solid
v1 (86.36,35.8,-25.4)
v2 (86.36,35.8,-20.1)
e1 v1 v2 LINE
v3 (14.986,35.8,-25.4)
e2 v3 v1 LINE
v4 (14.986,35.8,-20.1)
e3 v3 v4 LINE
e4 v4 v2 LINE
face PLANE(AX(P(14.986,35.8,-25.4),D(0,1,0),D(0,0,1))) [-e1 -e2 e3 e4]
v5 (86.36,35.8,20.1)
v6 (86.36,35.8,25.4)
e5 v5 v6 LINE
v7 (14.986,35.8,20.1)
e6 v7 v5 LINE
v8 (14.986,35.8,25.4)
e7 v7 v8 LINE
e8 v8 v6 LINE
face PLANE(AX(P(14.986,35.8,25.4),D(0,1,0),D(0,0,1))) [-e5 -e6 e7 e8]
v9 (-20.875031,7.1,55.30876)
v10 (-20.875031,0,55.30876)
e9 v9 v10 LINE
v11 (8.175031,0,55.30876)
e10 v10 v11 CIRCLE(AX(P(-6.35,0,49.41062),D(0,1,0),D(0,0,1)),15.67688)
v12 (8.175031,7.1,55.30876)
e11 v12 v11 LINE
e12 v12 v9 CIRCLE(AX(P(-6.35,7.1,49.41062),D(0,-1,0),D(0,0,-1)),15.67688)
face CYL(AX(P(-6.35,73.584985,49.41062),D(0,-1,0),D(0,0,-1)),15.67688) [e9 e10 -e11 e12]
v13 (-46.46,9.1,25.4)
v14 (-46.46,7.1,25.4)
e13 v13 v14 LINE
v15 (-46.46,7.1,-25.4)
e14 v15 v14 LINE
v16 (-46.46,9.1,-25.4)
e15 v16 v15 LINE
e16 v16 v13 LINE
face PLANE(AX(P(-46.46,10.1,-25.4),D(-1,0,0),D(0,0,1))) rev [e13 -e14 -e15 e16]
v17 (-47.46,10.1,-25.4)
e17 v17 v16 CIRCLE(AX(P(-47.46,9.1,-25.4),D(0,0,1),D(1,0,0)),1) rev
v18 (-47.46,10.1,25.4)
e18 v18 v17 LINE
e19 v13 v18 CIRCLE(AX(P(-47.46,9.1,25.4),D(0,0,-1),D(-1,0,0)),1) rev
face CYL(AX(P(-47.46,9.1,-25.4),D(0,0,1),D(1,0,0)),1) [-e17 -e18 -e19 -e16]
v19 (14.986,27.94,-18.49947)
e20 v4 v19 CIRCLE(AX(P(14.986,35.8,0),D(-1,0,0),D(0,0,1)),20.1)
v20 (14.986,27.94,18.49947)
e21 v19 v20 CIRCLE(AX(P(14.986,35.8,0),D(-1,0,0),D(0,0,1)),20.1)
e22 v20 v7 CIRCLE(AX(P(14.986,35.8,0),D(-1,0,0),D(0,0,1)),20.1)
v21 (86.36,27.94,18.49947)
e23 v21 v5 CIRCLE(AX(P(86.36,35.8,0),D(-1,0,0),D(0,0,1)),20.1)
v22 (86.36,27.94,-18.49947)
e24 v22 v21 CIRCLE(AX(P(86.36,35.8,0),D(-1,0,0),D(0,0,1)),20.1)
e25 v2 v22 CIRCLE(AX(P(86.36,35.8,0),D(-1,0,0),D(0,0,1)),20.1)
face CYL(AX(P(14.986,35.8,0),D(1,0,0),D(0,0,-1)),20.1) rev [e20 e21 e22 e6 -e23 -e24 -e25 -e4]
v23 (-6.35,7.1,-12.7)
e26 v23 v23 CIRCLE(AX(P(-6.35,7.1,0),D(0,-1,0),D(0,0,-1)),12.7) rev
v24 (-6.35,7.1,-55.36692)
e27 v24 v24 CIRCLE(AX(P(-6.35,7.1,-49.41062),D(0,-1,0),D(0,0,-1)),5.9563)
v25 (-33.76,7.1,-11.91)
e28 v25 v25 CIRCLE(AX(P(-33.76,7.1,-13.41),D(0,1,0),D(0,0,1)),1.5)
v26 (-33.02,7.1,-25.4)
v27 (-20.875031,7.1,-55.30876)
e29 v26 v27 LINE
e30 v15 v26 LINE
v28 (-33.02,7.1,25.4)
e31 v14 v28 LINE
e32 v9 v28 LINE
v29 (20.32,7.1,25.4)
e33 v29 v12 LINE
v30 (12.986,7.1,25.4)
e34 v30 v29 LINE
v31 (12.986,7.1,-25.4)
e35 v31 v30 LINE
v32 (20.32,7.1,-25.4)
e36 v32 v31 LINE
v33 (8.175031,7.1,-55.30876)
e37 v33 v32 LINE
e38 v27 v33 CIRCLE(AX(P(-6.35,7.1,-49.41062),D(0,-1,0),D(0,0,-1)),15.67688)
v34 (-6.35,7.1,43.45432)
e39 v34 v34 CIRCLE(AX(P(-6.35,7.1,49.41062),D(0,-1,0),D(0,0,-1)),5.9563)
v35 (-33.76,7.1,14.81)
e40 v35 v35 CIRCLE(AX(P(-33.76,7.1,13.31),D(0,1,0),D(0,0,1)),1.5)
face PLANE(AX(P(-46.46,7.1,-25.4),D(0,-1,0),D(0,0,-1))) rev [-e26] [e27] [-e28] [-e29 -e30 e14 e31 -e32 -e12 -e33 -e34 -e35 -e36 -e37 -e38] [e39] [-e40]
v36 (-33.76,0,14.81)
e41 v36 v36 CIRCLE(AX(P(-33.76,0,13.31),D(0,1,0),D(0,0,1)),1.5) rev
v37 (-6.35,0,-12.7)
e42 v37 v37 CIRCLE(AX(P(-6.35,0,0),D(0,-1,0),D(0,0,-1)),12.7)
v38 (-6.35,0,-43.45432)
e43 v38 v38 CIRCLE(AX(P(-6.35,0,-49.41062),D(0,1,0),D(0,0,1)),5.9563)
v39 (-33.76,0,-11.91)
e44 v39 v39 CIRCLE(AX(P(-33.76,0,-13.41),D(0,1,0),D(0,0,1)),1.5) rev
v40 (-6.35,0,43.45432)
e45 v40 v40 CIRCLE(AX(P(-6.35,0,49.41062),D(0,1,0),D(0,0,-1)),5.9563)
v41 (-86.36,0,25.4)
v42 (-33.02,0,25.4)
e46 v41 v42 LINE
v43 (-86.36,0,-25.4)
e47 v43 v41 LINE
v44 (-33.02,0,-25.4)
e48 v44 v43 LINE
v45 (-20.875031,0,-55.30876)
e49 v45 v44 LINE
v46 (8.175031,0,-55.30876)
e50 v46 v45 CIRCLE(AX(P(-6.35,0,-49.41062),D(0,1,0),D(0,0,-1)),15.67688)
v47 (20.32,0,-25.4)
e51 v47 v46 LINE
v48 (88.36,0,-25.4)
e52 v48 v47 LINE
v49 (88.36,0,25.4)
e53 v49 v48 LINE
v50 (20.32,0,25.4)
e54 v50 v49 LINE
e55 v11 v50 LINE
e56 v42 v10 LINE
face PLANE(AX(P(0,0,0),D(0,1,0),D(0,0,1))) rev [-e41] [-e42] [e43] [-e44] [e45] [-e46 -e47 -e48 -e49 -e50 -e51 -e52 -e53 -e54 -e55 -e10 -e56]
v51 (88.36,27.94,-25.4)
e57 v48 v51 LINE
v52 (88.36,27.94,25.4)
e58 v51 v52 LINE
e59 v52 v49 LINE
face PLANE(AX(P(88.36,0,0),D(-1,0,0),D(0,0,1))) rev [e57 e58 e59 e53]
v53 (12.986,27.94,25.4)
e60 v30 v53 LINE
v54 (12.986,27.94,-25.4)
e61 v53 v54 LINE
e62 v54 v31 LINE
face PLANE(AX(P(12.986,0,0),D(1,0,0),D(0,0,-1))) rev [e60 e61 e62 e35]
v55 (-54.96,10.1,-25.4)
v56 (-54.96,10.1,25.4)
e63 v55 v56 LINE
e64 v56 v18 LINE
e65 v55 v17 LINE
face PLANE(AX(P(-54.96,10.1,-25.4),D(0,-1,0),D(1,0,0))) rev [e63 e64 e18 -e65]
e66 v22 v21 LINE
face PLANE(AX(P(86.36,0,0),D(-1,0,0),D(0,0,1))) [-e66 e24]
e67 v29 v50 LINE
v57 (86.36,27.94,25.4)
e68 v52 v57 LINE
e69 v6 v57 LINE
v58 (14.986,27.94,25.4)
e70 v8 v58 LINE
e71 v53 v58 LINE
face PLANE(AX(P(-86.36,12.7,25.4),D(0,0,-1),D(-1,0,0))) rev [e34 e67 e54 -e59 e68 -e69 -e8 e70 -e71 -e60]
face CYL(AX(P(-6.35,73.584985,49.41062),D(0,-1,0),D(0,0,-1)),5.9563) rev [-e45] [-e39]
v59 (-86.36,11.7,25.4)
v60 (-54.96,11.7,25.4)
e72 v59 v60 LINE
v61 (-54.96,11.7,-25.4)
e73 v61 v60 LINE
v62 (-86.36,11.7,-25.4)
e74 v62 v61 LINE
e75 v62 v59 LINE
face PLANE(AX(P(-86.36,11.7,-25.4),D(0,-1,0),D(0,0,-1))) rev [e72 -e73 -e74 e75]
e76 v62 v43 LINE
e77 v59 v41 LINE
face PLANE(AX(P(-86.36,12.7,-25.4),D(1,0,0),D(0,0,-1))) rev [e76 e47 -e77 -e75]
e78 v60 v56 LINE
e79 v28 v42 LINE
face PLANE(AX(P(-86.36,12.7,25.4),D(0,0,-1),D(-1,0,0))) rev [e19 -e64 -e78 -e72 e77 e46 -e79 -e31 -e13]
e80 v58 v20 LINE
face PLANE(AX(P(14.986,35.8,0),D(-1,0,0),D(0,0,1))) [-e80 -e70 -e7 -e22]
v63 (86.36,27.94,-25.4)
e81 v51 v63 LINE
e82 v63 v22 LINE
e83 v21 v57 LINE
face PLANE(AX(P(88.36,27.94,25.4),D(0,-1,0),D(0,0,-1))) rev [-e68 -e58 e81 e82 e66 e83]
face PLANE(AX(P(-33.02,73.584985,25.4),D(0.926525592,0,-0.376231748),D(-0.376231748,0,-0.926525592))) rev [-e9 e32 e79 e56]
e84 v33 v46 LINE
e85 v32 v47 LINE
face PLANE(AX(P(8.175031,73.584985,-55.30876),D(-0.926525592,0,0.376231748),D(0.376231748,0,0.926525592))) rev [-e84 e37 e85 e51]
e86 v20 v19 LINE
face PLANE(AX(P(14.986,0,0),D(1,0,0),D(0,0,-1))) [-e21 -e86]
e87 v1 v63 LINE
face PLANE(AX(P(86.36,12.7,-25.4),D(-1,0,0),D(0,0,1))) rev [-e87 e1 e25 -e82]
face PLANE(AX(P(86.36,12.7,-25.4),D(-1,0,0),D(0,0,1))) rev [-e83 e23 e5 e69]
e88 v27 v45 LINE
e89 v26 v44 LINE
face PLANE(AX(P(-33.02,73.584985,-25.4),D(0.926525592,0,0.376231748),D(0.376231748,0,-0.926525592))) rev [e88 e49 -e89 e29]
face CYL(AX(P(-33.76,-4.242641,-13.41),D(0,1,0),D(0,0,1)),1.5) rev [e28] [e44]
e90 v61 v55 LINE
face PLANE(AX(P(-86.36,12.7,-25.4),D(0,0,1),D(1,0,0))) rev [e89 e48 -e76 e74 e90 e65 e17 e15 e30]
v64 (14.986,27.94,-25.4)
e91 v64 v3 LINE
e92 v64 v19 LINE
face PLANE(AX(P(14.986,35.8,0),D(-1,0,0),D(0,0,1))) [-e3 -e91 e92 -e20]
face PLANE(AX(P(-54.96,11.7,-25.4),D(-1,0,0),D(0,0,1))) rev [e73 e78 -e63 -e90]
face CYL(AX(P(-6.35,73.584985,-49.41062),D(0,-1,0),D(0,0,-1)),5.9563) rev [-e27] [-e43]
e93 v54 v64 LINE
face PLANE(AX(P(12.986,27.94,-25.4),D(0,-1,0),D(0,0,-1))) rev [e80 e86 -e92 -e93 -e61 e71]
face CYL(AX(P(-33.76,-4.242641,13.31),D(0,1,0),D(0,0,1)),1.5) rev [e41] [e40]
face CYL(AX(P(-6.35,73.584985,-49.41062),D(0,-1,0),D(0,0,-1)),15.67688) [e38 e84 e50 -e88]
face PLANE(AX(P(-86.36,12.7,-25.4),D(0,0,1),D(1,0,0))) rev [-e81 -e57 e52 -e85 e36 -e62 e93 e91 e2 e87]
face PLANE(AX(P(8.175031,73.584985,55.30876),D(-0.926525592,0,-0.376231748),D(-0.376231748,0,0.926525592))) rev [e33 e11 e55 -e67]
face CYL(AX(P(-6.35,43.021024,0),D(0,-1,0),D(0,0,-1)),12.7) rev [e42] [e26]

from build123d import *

# Parameters (mm, degrees)
SKETCH1_W           = 172.72
SKETCH1_H           = 50.8
BOSS_EXTRUDE1_DEPTH = 12.7
BOSS_EXTRUDE2_DEPTH = 71.374
SKETCH5_W           = 50.8
SKETCH5_H           = 27.94
BOSS_EXTRUDE3_DEPTH = 2
SKETCH6_W           = 50.8
SKETCH6_H           = 15.24
BOSS_EXTRUDE4_DEPTH = 2
CUT_EXTRUDE1_DEPTH  = 51.8
FILLET1_R           = 1
SKETCH8_R           = 12.7
CUT_EXTRUDE2_DEPTH  = 7.1
SKETCH9_R           = 5.9563
BOSS_EXTRUDE5_DEPTH = 7.1
SKETCH10_R          = 1.5
CUT_EXTRUDE3_DEPTH  = 7.1


with BuildPart() as part:
    # Sketch1 → Boss-Extrude1 (new body)
    with BuildSketch(Plane(origin=(0, 0, 0), x_dir=(1, 0, 0), z_dir=(0, 1, 0))):
        Rectangle(SKETCH1_W, SKETCH1_H)
    extrude(amount=BOSS_EXTRUDE1_DEPTH)

    # Sketch4 → Boss-Extrude2 (add)
    with BuildSketch(Plane(origin=(86.36, 0, 0), x_dir=(0, 0, -1), z_dir=(1, 0, 0))):
        with BuildLine():
            Line((-25.4, 12.7), (-25.4, 35.8))
            Line((-25.4, 35.8), (-20.1, 35.8))
            ThreePointArc((-20.1, 35.8), (0, 15.7), (20.1, 35.8))
            Line((20.1, 35.8), (25.4, 35.8))
            Line((25.4, 35.8), (25.4, 12.7))
            Line((25.4, 12.7), (-25.4, 12.7))
        make_face()
    extrude(amount=-BOSS_EXTRUDE2_DEPTH)

    # Sketch5 → Boss-Extrude3 (add)
    with BuildSketch(Plane(origin=(86.36, 0, 0), x_dir=(0, 0, -1), z_dir=(1, 0, 0))):
        with Locations((0, 13.97)):
            Rectangle(SKETCH5_W, SKETCH5_H)
    extrude(amount=BOSS_EXTRUDE3_DEPTH)

    # Sketch6 → Boss-Extrude4 (add)
    with BuildSketch(Plane.ZY.offset(-14.986)):
        with Locations((0, 20.32)):
            Rectangle(SKETCH6_W, SKETCH6_H)
    extrude(amount=BOSS_EXTRUDE4_DEPTH)

    # Sketch7 → Cut-Extrude1 (cut, through all)
    with BuildSketch(Plane.XY.offset(25.4)):
        Polygon((-86.36, 12.7), (-86.36, 11.7), (-54.96, 11.7), (-54.96, 10.1), (-46.45999982, 10.1), (-46.45999982, 7.1), (12.986, 7.1), (12.986, 12.7), align=None)
    extrude(amount=-CUT_EXTRUDE1_DEPTH, mode=Mode.SUBTRACT)

    # Fillet1
    fillet1_edges = [part.edges().sort_by_distance(p)[0] for p in [
        (-46.45999982, 10.1, 0),
    ]]
    fillet(fillet1_edges, radius=FILLET1_R)

    # Sketch8 → Cut-Extrude2 (cut)
    with BuildSketch(Plane.XZ):
        with Locations((-6.35, 0)):
            Circle(SKETCH8_R)
    extrude(amount=-CUT_EXTRUDE2_DEPTH, mode=Mode.SUBTRACT)

    # Sketch9 → Boss-Extrude5 (add)
    with BuildSketch(Plane(origin=(0, 0, 0), x_dir=(1, 0, 0), z_dir=(0, 1, 0))):
        with BuildLine():
            Line((-33.02, 25.4), (-20.875030517, 55.308759963))
            ThreePointArc((-20.875030517, 55.308759963), (-6.35, 65.0875), (8.175030517, 55.308759963))
            Line((8.175030517, 55.308759963), (20.32, 25.4))
            Line((20.32, 25.4), (-33.02, 25.4))
        make_face()
        with Locations((-6.35, 49.41062)):
            Circle(SKETCH9_R, mode=Mode.SUBTRACT)
        with BuildLine():
            Line((20.32, -25.4), (-33.02, -25.4))
            Line((-33.02, -25.4), (-20.875030517, -55.308759963))
            ThreePointArc((-20.875030517, -55.308759963), (-6.35, -65.0875), (8.175030517, -55.308759963))
            Line((8.175030517, -55.308759963), (20.32, -25.4))
        make_face()
        with Locations((-6.35, -49.41062)):
            Circle(SKETCH9_R, mode=Mode.SUBTRACT)
    extrude(amount=BOSS_EXTRUDE5_DEPTH)

    # Sketch10 → Cut-Extrude3 (cut)
    with BuildSketch(Plane(origin=(0, 7.1, 0), x_dir=(1, 0, 0), z_dir=(0, 1, 0))):
        with Locations((-33.75999982, 13.41)):
            Circle(SKETCH10_R)
        with Locations((-33.75999982, -13.31)):
            Circle(SKETCH10_R)
    extrude(amount=-CUT_EXTRUDE3_DEPTH, mode=Mode.SUBTRACT)


solid = part.part
